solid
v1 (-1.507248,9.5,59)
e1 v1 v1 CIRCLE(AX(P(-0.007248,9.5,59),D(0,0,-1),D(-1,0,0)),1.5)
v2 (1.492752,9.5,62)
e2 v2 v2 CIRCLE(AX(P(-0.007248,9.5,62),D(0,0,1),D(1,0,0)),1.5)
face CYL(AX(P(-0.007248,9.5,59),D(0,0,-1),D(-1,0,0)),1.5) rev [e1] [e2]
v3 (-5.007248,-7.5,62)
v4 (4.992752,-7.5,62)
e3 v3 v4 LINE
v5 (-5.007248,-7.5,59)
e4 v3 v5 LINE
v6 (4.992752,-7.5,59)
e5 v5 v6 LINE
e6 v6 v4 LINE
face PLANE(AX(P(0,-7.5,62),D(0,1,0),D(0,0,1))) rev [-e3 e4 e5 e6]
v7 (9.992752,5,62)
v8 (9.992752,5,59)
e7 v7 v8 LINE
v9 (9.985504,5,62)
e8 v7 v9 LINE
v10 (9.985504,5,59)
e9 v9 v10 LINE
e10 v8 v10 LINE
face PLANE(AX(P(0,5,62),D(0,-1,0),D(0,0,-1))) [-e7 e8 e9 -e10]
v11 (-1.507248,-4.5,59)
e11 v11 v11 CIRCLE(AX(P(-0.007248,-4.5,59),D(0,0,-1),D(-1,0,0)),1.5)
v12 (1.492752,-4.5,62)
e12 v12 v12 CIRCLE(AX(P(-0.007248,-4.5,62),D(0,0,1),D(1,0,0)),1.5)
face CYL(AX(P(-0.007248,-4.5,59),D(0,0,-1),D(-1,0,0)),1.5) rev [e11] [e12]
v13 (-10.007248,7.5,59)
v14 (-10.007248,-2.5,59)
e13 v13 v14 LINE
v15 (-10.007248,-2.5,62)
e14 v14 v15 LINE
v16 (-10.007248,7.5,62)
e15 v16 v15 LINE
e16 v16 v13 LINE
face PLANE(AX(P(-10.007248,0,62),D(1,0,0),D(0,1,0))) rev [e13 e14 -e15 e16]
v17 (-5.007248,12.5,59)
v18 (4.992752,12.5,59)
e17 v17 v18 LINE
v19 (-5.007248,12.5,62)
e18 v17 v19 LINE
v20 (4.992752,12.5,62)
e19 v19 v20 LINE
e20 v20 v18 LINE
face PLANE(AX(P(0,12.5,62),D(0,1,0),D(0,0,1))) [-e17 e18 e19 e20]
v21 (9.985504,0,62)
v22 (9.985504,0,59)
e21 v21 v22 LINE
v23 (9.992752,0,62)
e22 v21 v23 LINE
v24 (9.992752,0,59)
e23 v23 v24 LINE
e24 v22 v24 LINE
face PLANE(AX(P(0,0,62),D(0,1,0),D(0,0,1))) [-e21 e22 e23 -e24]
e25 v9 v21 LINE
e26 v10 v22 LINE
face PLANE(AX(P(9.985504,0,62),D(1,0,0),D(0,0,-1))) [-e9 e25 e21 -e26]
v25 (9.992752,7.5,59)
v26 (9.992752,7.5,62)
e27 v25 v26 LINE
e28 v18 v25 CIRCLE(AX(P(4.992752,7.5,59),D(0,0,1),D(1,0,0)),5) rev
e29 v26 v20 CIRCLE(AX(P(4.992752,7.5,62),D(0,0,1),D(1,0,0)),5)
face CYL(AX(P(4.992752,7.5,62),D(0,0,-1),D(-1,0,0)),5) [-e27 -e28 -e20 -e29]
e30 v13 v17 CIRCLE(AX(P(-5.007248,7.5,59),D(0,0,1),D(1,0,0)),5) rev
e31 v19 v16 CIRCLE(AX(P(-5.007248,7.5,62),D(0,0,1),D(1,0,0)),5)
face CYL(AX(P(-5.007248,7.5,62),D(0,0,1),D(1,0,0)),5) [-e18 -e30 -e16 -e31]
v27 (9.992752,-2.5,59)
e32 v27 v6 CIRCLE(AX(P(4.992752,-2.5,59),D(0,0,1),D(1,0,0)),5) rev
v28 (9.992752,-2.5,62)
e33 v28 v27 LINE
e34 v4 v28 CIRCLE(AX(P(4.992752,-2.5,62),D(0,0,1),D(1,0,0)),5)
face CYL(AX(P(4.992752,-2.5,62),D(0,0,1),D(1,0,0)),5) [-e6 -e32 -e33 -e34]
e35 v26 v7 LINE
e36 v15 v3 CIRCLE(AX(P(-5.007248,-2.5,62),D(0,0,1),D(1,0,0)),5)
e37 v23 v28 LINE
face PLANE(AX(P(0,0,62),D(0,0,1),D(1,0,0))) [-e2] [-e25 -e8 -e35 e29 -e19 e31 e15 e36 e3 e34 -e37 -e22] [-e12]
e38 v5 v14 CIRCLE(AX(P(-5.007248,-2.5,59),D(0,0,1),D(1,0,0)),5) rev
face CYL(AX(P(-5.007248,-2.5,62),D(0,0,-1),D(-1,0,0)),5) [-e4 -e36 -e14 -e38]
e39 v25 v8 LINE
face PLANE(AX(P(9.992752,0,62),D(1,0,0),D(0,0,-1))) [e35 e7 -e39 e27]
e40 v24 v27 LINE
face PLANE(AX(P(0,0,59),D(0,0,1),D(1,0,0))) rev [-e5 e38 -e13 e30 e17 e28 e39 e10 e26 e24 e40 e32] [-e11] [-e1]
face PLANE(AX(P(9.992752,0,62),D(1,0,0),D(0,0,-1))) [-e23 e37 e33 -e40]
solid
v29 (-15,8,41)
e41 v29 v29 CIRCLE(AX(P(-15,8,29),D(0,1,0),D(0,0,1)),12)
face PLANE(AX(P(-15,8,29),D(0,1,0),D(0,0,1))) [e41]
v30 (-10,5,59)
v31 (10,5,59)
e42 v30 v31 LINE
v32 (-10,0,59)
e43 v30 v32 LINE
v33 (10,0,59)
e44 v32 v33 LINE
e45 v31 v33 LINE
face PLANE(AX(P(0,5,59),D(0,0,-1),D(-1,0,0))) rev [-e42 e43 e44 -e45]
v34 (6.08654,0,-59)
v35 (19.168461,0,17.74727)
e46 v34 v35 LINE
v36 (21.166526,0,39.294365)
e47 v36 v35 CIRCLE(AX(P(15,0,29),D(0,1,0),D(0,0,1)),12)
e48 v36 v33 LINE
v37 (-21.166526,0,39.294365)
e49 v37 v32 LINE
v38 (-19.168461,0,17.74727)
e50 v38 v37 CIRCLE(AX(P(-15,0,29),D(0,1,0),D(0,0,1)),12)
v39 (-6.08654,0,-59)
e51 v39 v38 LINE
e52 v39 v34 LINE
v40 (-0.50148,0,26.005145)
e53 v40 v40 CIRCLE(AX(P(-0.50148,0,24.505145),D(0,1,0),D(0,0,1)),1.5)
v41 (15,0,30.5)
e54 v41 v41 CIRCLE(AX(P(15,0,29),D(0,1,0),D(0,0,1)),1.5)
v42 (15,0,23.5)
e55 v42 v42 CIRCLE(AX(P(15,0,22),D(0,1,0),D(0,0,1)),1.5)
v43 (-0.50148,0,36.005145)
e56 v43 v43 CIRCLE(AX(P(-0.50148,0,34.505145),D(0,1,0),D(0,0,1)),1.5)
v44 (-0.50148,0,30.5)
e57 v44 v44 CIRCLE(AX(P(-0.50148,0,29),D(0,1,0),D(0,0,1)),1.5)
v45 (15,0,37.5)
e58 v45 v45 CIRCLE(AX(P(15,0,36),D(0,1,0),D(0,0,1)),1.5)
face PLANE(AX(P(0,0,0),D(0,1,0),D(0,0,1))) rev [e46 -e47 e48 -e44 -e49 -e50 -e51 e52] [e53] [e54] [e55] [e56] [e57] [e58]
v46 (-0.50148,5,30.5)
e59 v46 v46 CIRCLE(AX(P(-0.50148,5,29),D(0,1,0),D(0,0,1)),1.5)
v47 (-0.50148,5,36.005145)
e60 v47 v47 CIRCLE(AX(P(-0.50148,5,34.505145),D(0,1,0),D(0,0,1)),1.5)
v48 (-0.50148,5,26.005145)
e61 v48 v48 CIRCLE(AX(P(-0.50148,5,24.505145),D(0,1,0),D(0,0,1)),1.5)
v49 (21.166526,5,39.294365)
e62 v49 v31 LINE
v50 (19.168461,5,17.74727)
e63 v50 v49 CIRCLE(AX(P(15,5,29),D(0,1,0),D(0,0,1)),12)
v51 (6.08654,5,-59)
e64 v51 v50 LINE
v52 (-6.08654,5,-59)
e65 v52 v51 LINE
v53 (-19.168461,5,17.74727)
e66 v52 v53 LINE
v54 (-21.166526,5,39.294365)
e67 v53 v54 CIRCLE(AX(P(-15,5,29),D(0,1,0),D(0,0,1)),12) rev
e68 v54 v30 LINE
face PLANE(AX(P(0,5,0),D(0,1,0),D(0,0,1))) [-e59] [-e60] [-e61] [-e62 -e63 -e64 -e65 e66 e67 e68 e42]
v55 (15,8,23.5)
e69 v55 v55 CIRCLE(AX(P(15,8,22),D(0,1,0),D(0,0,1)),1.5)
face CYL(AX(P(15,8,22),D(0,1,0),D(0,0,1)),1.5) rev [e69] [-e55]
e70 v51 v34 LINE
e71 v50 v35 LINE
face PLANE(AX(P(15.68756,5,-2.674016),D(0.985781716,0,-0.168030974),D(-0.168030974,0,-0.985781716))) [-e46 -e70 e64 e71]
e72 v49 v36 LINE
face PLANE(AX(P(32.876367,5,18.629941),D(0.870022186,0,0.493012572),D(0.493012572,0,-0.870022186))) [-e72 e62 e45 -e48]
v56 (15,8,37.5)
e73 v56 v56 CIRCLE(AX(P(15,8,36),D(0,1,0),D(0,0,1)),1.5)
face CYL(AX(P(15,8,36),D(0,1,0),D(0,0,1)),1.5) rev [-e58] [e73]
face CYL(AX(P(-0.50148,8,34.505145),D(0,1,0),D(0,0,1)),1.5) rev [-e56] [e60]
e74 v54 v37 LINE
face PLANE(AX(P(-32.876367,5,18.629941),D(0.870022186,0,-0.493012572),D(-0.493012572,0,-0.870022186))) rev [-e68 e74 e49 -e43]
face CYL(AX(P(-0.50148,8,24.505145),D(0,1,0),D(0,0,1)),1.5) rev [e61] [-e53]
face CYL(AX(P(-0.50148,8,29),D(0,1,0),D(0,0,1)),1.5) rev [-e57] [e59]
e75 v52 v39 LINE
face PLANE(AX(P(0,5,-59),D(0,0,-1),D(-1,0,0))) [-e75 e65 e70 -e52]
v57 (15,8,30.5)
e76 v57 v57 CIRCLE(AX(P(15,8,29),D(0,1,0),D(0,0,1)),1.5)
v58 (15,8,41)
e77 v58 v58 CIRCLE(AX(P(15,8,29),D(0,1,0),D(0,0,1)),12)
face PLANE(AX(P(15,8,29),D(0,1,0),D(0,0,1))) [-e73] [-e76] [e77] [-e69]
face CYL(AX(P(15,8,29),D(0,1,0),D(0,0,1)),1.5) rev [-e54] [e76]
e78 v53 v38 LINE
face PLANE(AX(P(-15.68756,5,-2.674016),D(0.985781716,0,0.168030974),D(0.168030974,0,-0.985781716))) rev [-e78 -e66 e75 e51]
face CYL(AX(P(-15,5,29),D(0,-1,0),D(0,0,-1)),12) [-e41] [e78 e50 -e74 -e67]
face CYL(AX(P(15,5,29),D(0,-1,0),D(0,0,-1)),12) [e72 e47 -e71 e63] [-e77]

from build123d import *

# Parameters (mm, degrees)
SKETCH1_R                      = 12
SKETCH1_W                      = 20
SKETCH1_H                      = 15
BOSS_EXTRUDE1_DEPTH            = 5
SKETCH2_R                      = 12
BOSS_EXTRUDE2_DEPTH            = 3
SKETCH3_W                      = 19.985503564
SKETCH3_H                      = 5
BOSS_EXTRUDE12_DEPTH           = 3
FILLET1_R                      = 5
F_3_0MM_DOWEL_HOLE1_AT_2_COUNT = 2
F_3_0MM_DOWEL_HOLE1_AT_2_PITCH = 14
F_3_0MM_DOWEL_HOLE2_AT_2_COUNT = 2
F_3_0MM_DOWEL_HOLE2_AT_2_PITCH = 7
F_3_0MM_DOWEL_HOLE2_AT_3_COUNT = 2
F_3_0MM_DOWEL_HOLE2_AT_3_PITCH = 7
F_3_0MM_DOWEL_HOLE2_AT_4_COUNT = 2
F_3_0MM_DOWEL_HOLE2_AT_4_PITCH = 15.501479882
F_3_0MM_DOWEL_HOLE2_AT_5_COUNT = 2
F_3_0MM_DOWEL_HOLE2_AT_5_PITCH = 16.45
F_3_0MM_DOWEL_HOLE2_AT_6_COUNT = 2
F_3_0MM_DOWEL_HOLE2_AT_6_PITCH = 16.14


with BuildPart() as part:
    # Sketch1 → Boss-Extrude1 (new body)
    with BuildSketch(Plane(origin=(0, 0, 0), x_dir=(1, 0, 0), z_dir=(0, 1, 0))):
        with BuildLine():
            Line((-6.086540156, 59), (-19.168461188, -17.74727005))
            ThreePointArc((-19.168461188, -17.74727005), (-12.983628308, -17.170619408), (-7.339080595, -19.763641742))
            Line((-7.339080595, -19.763641742), (0, 23.29229775))
            Line((0, 23.29229775), (7.339080595, -19.763641742))
            ThreePointArc((7.339080595, -19.763641742), (12.983628308, -17.170619408), (19.168461188, -17.74727005))
            Line((19.168461188, -17.74727005), (6.086540156, 59))
            Line((6.086540156, 59), (-6.086540156, 59))
        make_face()
        with BuildLine():
            Line((-10, -59), (-10, -44))
            Line((-10, -44), (10, -44))
            Line((10, -44), (10, -59))
            Line((10, -59), (21.166526493, -39.294365013))
            ThreePointArc((21.166526493, -39.294365013), (5.206094221, -35.933931755), (7.339080595, -19.763641742))
            Line((7.339080595, -19.763641742), (0, 23.29229775))
            Line((0, 23.29229775), (-7.339080595, -19.763641742))
            ThreePointArc((-7.339080595, -19.763641742), (-4.13880686, -23.897600215), (-3, -29))
            ThreePointArc((-3, -29), (-9.083849136, -39.44026623), (-21.166526493, -39.294365013))
            Line((-21.166526493, -39.294365013), (-10, -59))
        make_face()
        with Locations((15, -29)):
            Circle(SKETCH1_R)
        with Locations((-15, -29)):
            Circle(SKETCH1_R)
        with Locations((0, -51.5)):
            Rectangle(SKETCH1_W, SKETCH1_H)
    extrude(amount=BOSS_EXTRUDE1_DEPTH)

    # Sketch2 → Boss-Extrude2 (add)
    with BuildSketch(Plane(origin=(0, 5, 0), x_dir=(1, 0, 0), z_dir=(0, 1, 0))):
        with Locations(Location((15, -29, 0), (0, 0, 69.673355432))):
            Circle(SKETCH2_R)
        with Locations(Location((-15, -29, 0), (0, 0, 110.326644568))):
            Circle(SKETCH2_R)
    extrude(amount=BOSS_EXTRUDE2_DEPTH)

    # Sketch9 → Ø3.0mm Dowel Hole2 (revolve, cut)
    with BuildSketch(Plane(origin=(15, 8, 29), x_dir=(0, 0, 1), z_dir=(1, 0, 0))):
        Polygon((0, 0), (0, 29.901290929), (1.5, 29), (1.5, 0), align=None)
    f_3_0mm_dowel_hole2 = revolve(axis=Axis((15, 14.35, 29), (0, -1, 0)), mode=Mode.SUBTRACT)

    # Ø3.0mm Dowel Hole2 at 2: Ø3.0mm Dowel Hole2 ×2
    with Locations(*[(0, 0, -i * F_3_0MM_DOWEL_HOLE2_AT_2_PITCH) for i in range(1, F_3_0MM_DOWEL_HOLE2_AT_2_COUNT)]):
        add(f_3_0mm_dowel_hole2, mode=Mode.SUBTRACT)

    # Ø3.0mm Dowel Hole2 at 3: Ø3.0mm Dowel Hole2 ×2
    with Locations(*[(0, 0, i * F_3_0MM_DOWEL_HOLE2_AT_3_PITCH) for i in range(1, F_3_0MM_DOWEL_HOLE2_AT_3_COUNT)]):
        add(f_3_0mm_dowel_hole2, mode=Mode.SUBTRACT)

    # Ø3.0mm Dowel Hole2 at 4: Ø3.0mm Dowel Hole2 ×2
    with Locations(*[(-i * F_3_0MM_DOWEL_HOLE2_AT_4_PITCH, 0, 0) for i in range(1, F_3_0MM_DOWEL_HOLE2_AT_4_COUNT)]):
        add(f_3_0mm_dowel_hole2, mode=Mode.SUBTRACT)

    # Ø3.0mm Dowel Hole2 at 5: Ø3.0mm Dowel Hole2 ×2
    with Locations(*[Vector(-0.9423392025471609, 0, 0.3346592705167166) * (i * F_3_0MM_DOWEL_HOLE2_AT_5_PITCH) for i in range(1, F_3_0MM_DOWEL_HOLE2_AT_5_COUNT)]):
        add(f_3_0mm_dowel_hole2, mode=Mode.SUBTRACT)

    # Ø3.0mm Dowel Hole2 at 6: Ø3.0mm Dowel Hole2 ×2
    with Locations(*[Vector(-0.9604386543928618, 0, -0.2784916356877332) * (i * F_3_0MM_DOWEL_HOLE2_AT_6_PITCH) for i in range(1, F_3_0MM_DOWEL_HOLE2_AT_6_COUNT)]):
        add(f_3_0mm_dowel_hole2, mode=Mode.SUBTRACT)


with BuildPart() as body_2:
    # Sketch3 → Boss-Extrude12 (new body)
    with BuildSketch(Plane.XY.offset(59)):
        Polygon((-10, 0), (-10, 5), (9.985503564, 5), (9.992751782, 5), (9.992751782, 12.5), (-10.007248218, 12.5), (-10.007248218, -7.5), (9.992751782, -7.5), (9.992751782, 0), (9.985503564, 0), align=None)
        with Locations((-0.007248218, 2.5)):
            Rectangle(SKETCH3_W, SKETCH3_H)
    extrude(amount=BOSS_EXTRUDE12_DEPTH)

    # Fillet1
    fillet1_edges = [body_2.edges().sort_by_distance(p)[0] for p in [
        (9.992751782, -7.5, 60.5),
        (-10.007248218, -7.5, 60.5),
        (-10.007248218, 12.5, 60.5),
        (9.992751782, 12.5, 60.5),
    ]]
    fillet(fillet1_edges, radius=FILLET1_R)

    # Sketch7 → Ø3.0mm Dowel Hole1 (revolve, cut)
    with BuildSketch(Plane(origin=(-0.007248218, 9.5, 59), x_dir=(0, 1, 0), z_dir=(1, 0, 0))):
        Polygon((0, 0), (0, 29.901290929), (1.5, 29), (1.5, 0), align=None)
    f_3_0mm_dowel_hole1 = revolve(axis=Axis((-0.007248218, 9.5, 52.65), (0, 0, 1)), mode=Mode.SUBTRACT)

    # Ø3.0mm Dowel Hole1 at 2: Ø3.0mm Dowel Hole1 ×2
    with Locations(*[(0, -i * F_3_0MM_DOWEL_HOLE1_AT_2_PITCH, 0) for i in range(1, F_3_0MM_DOWEL_HOLE1_AT_2_COUNT)]):
        add(f_3_0mm_dowel_hole1, mode=Mode.SUBTRACT)


solid = Compound([part.part, body_2.part])
